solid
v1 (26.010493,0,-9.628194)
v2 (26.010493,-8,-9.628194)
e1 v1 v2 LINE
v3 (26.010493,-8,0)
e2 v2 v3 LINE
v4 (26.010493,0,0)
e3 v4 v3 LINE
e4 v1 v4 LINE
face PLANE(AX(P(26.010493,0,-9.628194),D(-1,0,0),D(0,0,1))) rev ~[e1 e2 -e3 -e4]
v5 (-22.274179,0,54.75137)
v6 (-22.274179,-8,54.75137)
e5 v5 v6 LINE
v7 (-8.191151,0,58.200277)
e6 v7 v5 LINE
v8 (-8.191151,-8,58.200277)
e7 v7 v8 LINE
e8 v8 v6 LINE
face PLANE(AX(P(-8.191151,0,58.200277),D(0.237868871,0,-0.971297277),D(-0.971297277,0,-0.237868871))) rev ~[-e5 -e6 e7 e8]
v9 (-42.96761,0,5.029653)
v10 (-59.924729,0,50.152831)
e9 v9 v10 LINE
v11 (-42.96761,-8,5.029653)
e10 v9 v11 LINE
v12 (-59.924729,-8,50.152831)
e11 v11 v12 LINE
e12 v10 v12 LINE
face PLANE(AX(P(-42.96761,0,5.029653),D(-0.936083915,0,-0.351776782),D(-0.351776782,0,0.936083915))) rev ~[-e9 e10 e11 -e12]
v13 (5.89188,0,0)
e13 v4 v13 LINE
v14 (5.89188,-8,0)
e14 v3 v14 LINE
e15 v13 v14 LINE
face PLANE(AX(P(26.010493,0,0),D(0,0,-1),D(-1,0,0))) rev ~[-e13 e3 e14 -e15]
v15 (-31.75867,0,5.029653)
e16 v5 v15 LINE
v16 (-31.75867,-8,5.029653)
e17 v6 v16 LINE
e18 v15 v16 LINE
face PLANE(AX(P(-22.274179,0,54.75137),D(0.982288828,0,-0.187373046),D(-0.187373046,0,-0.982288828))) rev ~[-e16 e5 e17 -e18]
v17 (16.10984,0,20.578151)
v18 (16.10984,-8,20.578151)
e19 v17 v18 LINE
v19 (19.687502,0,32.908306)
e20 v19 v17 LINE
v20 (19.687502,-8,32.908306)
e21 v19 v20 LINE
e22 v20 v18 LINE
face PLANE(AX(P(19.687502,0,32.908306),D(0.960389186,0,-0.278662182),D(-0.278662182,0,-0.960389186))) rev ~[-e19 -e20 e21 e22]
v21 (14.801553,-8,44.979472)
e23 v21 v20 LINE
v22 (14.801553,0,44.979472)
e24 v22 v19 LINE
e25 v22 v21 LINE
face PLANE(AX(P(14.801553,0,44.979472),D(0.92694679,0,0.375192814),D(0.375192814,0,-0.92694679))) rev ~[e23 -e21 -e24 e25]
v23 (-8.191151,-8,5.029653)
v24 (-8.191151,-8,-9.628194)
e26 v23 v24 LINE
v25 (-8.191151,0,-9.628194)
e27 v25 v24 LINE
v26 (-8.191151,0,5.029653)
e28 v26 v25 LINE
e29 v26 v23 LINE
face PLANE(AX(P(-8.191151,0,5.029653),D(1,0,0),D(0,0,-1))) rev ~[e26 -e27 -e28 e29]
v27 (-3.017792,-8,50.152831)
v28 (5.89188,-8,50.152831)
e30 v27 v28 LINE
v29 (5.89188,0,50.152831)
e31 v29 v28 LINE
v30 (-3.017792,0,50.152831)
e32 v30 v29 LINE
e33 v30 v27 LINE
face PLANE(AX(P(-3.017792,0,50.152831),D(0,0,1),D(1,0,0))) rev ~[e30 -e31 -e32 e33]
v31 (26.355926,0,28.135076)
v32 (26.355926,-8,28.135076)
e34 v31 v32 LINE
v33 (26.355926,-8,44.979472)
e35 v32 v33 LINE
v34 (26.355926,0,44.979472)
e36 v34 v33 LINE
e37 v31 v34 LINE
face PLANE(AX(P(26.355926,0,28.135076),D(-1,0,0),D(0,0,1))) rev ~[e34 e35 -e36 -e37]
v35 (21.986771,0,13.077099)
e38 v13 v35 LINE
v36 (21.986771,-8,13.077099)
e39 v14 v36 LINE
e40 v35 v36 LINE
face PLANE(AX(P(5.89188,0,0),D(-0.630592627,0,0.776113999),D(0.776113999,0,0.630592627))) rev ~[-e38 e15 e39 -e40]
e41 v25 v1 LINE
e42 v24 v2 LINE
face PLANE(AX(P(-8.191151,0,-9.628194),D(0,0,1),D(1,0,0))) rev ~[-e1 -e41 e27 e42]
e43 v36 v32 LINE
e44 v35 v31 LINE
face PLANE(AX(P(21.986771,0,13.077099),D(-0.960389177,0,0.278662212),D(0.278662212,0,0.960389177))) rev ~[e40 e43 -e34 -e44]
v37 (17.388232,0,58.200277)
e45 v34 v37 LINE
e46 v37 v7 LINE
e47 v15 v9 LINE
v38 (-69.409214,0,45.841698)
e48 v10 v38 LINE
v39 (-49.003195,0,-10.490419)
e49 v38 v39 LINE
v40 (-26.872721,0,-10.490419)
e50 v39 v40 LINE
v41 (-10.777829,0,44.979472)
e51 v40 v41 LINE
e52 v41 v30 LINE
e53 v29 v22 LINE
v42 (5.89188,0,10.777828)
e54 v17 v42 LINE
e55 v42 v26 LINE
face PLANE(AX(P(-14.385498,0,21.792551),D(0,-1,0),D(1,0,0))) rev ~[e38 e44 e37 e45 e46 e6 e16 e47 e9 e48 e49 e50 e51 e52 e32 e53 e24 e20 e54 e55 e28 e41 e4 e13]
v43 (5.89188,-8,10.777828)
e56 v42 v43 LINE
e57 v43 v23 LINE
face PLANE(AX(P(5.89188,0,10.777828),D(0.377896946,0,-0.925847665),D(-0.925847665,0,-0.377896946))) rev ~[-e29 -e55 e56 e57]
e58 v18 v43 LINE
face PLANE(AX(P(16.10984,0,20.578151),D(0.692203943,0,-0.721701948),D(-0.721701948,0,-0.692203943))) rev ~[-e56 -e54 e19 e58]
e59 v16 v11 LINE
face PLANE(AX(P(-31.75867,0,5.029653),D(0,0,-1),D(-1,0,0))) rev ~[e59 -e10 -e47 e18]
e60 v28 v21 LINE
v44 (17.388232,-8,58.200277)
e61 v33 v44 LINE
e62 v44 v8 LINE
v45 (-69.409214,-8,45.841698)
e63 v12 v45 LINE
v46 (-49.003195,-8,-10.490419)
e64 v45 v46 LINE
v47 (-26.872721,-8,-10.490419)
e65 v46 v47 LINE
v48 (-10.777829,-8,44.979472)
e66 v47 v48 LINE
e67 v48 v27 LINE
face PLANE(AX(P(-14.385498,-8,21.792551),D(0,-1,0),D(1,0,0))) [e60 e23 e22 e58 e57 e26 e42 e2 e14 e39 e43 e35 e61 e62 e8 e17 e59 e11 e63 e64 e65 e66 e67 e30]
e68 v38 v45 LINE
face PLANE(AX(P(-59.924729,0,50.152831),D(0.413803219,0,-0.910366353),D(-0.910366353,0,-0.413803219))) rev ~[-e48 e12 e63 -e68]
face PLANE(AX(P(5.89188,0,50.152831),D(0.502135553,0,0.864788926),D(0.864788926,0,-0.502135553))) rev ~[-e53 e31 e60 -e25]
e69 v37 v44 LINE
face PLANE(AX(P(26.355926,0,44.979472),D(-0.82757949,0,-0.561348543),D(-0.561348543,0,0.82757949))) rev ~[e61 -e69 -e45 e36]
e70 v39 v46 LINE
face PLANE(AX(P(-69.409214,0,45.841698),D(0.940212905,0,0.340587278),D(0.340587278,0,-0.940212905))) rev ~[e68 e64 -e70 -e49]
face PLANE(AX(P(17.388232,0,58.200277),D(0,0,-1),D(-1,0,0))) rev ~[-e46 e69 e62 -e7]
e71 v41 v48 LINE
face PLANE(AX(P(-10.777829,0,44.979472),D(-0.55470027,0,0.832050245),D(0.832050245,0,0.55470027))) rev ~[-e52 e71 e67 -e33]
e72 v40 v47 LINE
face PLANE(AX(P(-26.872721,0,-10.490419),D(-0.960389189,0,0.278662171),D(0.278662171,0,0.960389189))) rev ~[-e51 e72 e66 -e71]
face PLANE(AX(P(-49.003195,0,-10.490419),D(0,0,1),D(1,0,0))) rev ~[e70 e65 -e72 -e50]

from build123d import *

# Parameters (mm, degrees)
F1_DEPTH = 8


with BuildPart() as f1:
    # F0 (on Front) → F1 (new body)
    with BuildSketch(Plane.XZ):
        Polygon((-59.924729, 50.152831), (-69.409214, 45.841698), (-49.003195, -10.490419), (-26.872721, -10.490419), (-10.777829, 44.979472), (-3.017792, 50.152831), (5.89188, 50.152831), (14.801553, 44.979472), (19.687502, 32.908306), (16.10984, 20.578151), (5.89188, 10.777828), (-8.191151, 5.029653), (-8.191151, -9.628194), (26.010493, -9.628194), (26.010493, 0), (5.89188, 0), (21.986771, 13.077099), (26.355926, 28.135076), (26.355926, 44.979472), (17.388232, 58.200277), (-8.191151, 58.200277), (-22.274179, 54.75137), (-31.75867, 5.029653), (-42.96761, 5.029653), align=None)
    extrude(amount=F1_DEPTH)


solid = f1.part
